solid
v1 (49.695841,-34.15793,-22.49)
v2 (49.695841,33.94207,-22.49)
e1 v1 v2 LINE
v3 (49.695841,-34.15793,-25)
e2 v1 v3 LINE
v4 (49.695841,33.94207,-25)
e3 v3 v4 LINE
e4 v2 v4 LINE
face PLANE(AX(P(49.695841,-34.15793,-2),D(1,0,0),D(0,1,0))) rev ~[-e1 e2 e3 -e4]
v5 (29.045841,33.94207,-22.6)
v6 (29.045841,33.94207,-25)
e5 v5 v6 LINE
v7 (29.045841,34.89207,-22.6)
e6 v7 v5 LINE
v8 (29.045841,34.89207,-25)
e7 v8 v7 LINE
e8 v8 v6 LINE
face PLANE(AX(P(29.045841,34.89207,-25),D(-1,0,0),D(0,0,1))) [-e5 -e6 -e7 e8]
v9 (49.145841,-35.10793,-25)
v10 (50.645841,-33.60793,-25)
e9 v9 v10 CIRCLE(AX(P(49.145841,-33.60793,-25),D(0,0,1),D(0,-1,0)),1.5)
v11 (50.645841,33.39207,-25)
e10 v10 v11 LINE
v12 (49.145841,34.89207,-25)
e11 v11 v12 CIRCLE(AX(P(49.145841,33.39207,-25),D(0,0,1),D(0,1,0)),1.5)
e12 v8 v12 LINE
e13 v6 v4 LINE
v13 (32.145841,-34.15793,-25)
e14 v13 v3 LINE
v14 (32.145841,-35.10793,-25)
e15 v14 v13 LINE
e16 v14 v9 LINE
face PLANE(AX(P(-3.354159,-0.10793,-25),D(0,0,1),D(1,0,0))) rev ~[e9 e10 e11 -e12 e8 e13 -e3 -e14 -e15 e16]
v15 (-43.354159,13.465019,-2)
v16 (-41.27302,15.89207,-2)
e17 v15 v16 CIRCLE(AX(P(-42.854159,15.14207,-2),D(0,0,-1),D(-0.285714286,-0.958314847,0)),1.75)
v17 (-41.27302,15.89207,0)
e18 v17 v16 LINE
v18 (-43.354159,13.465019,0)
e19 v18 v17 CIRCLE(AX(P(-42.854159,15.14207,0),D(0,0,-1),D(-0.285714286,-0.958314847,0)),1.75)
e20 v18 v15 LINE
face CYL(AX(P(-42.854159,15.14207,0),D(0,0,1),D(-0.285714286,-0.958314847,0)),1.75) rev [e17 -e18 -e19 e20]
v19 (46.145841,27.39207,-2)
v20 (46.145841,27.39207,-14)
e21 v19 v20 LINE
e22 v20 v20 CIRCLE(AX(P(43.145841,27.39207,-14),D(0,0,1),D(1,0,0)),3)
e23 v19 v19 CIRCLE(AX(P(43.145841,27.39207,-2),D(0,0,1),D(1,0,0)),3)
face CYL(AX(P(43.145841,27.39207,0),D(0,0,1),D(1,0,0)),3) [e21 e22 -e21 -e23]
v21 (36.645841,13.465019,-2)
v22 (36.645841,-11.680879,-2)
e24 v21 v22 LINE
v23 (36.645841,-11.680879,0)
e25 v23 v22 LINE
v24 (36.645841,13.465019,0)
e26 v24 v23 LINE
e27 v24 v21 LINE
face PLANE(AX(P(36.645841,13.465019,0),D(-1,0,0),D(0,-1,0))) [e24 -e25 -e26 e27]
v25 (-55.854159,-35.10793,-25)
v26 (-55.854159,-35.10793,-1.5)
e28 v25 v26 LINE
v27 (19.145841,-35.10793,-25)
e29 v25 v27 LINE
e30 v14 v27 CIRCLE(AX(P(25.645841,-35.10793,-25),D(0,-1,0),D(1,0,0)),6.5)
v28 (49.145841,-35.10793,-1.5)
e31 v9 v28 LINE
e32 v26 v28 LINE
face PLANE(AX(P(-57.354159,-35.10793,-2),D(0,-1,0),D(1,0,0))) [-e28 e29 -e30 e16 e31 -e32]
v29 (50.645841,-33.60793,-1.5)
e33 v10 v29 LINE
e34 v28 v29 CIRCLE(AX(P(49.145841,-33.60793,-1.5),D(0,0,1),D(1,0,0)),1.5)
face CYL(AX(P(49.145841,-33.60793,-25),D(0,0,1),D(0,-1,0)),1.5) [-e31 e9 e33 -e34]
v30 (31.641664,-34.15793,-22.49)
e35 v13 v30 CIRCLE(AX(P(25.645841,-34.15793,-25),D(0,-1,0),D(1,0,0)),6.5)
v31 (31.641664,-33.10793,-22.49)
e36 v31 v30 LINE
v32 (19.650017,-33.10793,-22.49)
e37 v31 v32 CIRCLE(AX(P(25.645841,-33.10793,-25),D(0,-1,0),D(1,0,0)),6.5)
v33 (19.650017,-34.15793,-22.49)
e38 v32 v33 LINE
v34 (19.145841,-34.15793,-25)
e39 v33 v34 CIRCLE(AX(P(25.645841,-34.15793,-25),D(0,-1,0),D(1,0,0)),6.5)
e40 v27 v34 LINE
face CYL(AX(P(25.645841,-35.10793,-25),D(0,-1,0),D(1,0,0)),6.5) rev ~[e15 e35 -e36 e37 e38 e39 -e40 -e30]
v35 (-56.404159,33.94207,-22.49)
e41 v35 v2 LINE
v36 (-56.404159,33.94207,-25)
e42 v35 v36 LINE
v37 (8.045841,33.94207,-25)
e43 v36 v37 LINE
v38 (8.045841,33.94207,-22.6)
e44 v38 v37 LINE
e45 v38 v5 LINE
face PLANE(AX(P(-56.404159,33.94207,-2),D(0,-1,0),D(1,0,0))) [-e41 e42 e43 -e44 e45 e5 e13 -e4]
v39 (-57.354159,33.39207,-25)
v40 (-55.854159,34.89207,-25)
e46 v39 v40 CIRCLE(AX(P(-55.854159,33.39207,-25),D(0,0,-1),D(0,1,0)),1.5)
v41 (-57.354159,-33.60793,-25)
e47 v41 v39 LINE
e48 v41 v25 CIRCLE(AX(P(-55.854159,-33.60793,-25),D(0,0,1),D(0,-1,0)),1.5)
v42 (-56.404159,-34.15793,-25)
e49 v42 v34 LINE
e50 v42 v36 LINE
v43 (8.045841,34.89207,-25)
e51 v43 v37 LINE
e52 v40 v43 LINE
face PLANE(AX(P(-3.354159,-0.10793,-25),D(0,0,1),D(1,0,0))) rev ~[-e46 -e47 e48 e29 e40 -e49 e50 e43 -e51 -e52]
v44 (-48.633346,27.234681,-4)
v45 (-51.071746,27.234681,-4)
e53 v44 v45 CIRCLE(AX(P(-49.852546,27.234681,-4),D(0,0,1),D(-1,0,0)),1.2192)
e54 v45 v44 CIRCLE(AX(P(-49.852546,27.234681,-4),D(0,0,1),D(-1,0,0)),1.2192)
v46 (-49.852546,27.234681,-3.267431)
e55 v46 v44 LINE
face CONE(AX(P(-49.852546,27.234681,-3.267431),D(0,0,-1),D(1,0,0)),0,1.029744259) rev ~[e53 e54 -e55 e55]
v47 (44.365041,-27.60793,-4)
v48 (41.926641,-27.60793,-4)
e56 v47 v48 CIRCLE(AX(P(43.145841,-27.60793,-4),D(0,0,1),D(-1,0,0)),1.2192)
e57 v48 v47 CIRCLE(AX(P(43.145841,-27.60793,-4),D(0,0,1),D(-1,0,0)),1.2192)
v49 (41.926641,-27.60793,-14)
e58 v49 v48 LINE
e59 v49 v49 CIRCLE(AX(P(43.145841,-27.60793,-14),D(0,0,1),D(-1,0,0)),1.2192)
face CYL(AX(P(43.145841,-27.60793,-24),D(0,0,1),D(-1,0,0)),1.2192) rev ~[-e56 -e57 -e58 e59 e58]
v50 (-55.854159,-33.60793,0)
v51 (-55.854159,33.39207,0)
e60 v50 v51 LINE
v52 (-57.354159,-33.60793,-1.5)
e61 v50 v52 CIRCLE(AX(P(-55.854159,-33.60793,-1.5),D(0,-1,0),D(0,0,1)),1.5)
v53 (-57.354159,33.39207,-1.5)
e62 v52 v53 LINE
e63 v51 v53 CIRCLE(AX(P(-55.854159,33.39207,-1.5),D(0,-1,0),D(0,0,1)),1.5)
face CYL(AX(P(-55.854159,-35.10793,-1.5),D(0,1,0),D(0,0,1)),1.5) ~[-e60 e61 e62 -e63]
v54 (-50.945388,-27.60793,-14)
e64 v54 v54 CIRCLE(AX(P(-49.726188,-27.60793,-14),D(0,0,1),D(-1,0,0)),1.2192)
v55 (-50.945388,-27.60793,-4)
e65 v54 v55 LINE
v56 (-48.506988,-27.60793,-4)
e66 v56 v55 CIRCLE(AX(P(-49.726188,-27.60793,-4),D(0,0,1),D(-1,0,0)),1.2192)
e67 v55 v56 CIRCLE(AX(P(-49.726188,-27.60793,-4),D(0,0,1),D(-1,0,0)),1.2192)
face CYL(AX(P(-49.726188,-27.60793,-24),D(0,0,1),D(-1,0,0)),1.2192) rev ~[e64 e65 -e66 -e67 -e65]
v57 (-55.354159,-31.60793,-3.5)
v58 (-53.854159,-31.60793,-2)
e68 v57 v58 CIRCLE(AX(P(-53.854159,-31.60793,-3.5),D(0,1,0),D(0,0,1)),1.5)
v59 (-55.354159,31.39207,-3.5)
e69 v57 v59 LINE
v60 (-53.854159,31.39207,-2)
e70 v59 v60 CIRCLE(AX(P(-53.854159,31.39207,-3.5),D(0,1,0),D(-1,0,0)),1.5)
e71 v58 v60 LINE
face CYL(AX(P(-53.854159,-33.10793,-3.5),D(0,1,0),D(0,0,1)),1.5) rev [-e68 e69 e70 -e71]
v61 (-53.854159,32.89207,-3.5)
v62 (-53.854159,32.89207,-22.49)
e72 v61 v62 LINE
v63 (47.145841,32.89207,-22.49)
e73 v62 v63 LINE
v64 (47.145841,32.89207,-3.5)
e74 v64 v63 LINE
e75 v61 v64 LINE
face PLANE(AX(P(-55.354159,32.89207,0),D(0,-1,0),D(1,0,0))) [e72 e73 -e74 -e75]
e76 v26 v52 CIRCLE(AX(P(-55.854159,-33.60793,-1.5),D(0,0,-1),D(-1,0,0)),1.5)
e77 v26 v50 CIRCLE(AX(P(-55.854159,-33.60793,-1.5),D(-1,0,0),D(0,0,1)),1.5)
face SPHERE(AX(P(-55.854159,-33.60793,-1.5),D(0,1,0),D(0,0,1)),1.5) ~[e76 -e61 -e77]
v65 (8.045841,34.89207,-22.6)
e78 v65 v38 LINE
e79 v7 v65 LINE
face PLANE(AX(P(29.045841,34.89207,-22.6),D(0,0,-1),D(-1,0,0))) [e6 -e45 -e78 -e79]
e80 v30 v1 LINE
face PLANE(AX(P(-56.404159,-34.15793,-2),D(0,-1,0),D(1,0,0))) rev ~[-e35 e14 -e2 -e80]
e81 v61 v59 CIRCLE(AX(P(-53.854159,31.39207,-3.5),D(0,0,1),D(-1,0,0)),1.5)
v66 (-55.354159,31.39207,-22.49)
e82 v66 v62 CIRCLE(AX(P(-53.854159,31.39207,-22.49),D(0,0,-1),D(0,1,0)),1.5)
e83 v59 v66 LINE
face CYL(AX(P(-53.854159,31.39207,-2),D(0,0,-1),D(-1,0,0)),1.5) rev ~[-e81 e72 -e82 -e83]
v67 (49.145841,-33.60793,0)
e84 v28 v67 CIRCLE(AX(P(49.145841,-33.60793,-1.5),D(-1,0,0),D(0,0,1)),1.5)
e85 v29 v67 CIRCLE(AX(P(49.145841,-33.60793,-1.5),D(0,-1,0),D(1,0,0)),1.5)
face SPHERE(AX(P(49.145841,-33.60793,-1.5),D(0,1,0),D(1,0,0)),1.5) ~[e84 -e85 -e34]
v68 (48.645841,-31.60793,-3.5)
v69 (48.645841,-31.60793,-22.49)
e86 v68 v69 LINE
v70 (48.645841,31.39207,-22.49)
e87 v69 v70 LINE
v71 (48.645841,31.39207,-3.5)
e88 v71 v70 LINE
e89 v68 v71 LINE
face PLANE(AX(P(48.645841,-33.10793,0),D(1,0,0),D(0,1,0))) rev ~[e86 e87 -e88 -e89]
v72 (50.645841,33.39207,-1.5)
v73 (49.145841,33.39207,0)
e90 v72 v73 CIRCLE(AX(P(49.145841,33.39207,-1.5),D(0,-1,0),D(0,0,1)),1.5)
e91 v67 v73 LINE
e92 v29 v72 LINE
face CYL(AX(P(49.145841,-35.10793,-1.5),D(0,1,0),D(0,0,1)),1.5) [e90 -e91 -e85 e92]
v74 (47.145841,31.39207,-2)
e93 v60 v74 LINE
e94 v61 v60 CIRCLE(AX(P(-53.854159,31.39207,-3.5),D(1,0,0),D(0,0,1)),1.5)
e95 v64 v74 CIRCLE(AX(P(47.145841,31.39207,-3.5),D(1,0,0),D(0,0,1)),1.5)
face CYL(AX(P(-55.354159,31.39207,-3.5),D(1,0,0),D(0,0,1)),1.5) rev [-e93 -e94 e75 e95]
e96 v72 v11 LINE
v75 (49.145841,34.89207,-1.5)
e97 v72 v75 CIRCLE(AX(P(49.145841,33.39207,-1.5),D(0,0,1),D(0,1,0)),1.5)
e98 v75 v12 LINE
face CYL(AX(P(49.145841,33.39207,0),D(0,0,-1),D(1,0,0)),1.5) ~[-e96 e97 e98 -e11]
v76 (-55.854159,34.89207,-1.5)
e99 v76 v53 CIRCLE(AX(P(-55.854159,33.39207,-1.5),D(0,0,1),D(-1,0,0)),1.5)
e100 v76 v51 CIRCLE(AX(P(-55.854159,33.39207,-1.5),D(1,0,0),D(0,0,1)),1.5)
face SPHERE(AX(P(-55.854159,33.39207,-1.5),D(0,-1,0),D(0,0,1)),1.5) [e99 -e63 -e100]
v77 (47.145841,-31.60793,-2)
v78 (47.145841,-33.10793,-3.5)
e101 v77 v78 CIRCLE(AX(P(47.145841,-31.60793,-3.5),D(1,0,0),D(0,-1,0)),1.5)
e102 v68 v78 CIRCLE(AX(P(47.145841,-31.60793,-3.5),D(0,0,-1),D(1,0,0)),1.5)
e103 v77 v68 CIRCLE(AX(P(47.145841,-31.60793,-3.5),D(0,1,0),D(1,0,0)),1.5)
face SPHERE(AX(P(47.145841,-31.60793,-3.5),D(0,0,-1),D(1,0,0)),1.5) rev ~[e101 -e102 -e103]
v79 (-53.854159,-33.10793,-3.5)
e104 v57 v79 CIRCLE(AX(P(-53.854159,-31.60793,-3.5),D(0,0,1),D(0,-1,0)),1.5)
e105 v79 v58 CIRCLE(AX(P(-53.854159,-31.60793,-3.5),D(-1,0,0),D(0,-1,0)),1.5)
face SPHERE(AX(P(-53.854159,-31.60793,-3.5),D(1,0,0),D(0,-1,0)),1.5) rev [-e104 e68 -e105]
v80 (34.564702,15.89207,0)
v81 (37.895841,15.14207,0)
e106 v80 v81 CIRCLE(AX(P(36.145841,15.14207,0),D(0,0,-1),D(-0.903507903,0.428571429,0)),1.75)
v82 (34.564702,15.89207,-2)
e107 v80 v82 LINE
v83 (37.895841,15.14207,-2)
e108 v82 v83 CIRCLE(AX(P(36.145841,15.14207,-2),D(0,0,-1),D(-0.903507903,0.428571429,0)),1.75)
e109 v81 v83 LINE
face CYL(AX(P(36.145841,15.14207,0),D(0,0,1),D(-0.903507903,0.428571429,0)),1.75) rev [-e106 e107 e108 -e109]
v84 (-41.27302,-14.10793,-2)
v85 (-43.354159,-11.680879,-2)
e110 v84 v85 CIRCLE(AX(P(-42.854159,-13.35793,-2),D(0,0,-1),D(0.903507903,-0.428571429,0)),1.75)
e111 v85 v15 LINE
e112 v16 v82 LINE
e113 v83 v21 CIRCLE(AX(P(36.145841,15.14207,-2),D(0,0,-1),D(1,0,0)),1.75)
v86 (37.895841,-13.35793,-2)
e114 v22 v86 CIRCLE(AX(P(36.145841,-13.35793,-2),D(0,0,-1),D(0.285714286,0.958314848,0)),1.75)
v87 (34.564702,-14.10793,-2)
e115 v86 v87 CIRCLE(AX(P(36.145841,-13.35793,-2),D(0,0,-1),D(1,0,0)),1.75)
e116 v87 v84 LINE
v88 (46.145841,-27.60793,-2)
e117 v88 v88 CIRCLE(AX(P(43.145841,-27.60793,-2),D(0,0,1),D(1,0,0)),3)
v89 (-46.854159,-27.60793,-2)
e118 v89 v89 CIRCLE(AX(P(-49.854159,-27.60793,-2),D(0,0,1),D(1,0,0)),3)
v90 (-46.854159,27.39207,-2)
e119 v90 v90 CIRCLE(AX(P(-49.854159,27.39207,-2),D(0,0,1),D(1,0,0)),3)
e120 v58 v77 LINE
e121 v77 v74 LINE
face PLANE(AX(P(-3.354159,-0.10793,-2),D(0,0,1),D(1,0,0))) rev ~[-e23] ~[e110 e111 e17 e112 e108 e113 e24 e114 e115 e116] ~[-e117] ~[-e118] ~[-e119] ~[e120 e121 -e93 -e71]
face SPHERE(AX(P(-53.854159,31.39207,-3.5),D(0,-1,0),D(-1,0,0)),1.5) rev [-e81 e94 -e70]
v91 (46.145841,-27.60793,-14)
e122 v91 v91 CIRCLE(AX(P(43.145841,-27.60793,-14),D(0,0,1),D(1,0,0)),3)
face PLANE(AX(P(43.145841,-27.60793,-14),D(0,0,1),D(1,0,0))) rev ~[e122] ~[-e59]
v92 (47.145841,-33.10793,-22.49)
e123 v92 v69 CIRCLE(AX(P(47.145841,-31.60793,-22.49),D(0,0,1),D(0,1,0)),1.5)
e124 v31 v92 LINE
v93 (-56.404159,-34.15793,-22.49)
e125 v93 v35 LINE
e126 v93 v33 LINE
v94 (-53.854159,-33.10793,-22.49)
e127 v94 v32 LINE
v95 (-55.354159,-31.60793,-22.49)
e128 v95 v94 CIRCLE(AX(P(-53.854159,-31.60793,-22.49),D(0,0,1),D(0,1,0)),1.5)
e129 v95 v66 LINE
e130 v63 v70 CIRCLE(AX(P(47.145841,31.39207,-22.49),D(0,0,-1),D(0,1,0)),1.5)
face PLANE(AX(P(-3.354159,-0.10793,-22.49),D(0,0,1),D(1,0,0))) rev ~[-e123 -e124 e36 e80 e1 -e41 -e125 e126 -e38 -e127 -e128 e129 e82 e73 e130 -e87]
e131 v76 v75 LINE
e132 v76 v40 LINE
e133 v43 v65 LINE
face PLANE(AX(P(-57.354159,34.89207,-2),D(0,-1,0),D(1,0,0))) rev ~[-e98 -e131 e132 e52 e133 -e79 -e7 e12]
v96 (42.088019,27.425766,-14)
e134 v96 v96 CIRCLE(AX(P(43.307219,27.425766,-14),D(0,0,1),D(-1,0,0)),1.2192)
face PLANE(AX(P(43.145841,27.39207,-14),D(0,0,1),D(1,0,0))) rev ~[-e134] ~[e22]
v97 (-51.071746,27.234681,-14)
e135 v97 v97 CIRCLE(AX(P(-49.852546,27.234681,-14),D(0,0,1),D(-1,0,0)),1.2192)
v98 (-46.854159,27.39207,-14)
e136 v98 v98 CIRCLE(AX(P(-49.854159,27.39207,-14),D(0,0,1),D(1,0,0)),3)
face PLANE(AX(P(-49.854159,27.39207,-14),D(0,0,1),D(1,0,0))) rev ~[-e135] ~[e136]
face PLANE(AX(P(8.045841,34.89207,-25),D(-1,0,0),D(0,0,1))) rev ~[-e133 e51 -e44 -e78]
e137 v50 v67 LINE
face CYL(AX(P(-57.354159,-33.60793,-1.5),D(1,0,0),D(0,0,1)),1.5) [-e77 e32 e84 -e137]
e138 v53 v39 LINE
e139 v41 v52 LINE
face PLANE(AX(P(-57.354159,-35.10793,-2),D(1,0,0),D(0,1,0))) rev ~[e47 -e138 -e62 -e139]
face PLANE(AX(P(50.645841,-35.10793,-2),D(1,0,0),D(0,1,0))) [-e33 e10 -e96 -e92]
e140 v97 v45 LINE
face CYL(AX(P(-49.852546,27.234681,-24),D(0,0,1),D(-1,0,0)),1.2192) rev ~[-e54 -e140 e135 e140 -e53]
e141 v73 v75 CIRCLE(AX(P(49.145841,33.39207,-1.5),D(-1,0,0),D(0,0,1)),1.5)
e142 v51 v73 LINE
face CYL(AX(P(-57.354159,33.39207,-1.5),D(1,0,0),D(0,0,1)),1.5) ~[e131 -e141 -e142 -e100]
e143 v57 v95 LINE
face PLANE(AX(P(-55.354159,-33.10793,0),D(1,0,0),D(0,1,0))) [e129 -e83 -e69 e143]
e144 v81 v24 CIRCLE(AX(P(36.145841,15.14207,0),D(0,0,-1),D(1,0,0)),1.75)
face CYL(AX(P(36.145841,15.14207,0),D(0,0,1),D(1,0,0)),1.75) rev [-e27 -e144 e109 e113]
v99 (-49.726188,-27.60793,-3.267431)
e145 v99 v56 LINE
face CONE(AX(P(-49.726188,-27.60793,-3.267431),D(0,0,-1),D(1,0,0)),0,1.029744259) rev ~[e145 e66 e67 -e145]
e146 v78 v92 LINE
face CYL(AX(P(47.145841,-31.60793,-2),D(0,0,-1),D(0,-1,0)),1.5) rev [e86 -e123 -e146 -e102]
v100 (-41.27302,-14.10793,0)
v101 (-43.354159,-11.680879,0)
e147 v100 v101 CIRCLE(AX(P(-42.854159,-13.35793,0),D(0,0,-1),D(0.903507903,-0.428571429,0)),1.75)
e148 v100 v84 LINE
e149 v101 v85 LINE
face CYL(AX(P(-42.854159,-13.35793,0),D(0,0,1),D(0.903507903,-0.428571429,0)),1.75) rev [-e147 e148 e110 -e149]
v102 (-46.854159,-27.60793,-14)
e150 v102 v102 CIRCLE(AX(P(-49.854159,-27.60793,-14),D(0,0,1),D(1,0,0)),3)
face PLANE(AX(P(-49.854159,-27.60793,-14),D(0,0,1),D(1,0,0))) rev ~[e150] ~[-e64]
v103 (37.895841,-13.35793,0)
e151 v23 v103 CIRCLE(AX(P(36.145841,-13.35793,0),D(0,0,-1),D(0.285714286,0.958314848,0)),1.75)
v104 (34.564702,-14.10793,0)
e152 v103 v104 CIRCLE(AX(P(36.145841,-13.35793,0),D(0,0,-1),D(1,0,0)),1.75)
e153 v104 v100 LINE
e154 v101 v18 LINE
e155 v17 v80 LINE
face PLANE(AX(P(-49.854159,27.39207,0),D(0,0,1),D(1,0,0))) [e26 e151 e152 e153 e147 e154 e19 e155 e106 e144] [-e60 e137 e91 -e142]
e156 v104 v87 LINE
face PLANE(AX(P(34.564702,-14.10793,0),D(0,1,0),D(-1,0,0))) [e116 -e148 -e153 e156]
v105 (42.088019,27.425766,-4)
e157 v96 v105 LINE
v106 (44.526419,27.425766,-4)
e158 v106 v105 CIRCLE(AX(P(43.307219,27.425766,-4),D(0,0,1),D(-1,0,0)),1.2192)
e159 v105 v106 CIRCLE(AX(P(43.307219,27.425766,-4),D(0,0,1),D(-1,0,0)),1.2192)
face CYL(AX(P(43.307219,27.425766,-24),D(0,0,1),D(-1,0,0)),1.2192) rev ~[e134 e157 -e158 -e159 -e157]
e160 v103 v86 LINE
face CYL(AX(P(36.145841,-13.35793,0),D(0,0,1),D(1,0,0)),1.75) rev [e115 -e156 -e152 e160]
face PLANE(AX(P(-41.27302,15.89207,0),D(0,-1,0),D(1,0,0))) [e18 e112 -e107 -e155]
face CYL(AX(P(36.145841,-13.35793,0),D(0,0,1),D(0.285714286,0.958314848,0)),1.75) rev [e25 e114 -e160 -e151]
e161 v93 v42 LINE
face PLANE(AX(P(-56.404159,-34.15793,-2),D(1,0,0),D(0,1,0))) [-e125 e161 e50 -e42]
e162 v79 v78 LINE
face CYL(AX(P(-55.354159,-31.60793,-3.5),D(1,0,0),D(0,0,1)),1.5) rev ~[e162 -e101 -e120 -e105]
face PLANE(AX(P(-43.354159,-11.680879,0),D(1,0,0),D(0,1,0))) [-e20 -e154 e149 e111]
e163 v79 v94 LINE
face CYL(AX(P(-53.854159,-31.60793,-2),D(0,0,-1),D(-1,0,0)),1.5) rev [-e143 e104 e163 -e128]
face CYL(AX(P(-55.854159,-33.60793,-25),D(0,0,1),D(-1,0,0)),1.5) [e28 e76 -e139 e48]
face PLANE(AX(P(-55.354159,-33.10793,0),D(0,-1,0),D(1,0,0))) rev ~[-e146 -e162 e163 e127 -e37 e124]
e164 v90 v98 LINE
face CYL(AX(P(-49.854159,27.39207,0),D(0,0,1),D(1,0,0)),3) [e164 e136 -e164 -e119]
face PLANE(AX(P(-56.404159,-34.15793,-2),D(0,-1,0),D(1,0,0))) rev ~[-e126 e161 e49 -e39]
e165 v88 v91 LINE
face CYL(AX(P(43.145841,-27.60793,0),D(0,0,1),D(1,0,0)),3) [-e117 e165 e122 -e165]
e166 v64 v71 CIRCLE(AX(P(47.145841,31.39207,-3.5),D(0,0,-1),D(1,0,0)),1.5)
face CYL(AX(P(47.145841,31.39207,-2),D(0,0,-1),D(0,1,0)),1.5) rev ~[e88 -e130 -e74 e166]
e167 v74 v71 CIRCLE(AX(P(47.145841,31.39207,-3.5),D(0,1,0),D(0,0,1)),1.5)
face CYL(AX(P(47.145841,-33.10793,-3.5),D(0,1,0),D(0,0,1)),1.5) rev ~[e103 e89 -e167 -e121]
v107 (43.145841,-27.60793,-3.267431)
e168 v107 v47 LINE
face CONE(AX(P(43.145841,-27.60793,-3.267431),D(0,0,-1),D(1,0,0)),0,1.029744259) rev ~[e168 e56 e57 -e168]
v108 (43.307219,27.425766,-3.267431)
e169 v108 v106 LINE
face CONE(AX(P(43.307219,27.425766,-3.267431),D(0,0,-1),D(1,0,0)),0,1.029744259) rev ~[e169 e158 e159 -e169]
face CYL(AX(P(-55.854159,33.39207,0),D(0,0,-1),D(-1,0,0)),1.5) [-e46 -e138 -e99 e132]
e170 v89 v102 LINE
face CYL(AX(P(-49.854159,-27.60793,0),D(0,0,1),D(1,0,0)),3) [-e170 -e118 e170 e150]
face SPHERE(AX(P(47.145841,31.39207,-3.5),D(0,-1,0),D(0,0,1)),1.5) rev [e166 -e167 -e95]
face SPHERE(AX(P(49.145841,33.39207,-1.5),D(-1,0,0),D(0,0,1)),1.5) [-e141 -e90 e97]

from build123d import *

# Parameters (mm, degrees)
F0_W      = 108
F0_H      = 70
F0_W_2    = 106.1
F0_H_2    = 68.1
F0_W_3    = 104
F0_H_3    = 66
F0_R      = 3
F1_DEPTH  = 2
F2_DEPTH  = 22.49
F3_DEPTH  = 23
F4_DEPTH  = 14
F6_DEPTH  = 2.5
F7_W      = 21
F7_H      = 2.4
F8_DEPTH  = 2.5
F10_D     = 2.4384
F10_DEPTH = 10
F10_TIP   = 0.7325692667
F11_R     = 1.5
F12_R     = 1.5


with BuildPart() as f1:
    # F0 (on Top) → F1 (new body)
    with BuildSketch(Plane.XY):
        with Locations((-3.3541592062, -0.1079301417)):
            Rectangle(F0_W, F0_H)
        with Locations((-3.3541592062, -0.1079301417)):
            Rectangle(F0_W_2, F0_H_2, mode=Mode.SUBTRACT)
        with Locations((-3.3541592062, -0.1079301417)):
            Rectangle(F0_W_2, F0_H_2)
        with Locations((-3.3541592062, -0.1079301417)):
            Rectangle(F0_W_3, F0_H_3, mode=Mode.SUBTRACT)
        with Locations((-3.3541592062, -0.1079301417)):
            Rectangle(F0_W_3, F0_H_3)
        with Locations((-49.8541592062, -27.6079301417)):
            Circle(F0_R, mode=Mode.SUBTRACT)
        with Locations((43.1458407938, -27.6079301417)):
            Circle(F0_R, mode=Mode.SUBTRACT)
        with Locations((-49.8541592062, 27.3920698583)):
            Circle(F0_R, mode=Mode.SUBTRACT)
        with BuildLine():
            ThreePointArc((-43.3541592062, 13.4650188752), (-44.1826393193, 16.2812101433), (-41.2730203761, 15.8920698583))
            Line((-41.2730203761, 15.8920698583), (34.5647019638, 15.8920698583))
            ThreePointArc((34.5647019638, 15.8920698583), (36.5302279992, 16.8493327192), (37.8958407938, 15.1420698583))
            ThreePointArc((37.8958407938, 15.1420698583), (37.5489623139, 14.0962448251), (36.6458407938, 13.4650188752))
            Line((36.6458407938, 13.4650188752), (36.6458407938, -11.6808791586))
            ThreePointArc((36.6458407938, -11.6808791586), (37.5489623139, -12.3121051085), (37.8958407938, -13.3579301417))
            ThreePointArc((37.8958407938, -13.3579301417), (36.5302279992, -15.0651930026), (34.5647019638, -14.1079301417))
            Line((34.5647019638, -14.1079301417), (-41.2730203761, -14.1079301417))
            ThreePointArc((-41.2730203761, -14.1079301417), (-44.1826393193, -14.4970704267), (-43.3541592062, -11.6808791586))
            Line((-43.3541592062, -11.6808791586), (-43.3541592062, 13.4650188752))
        make_face(mode=Mode.SUBTRACT)
        with Locations((43.1458407938, 27.3920698583)):
            Circle(F0_R, mode=Mode.SUBTRACT)
        with Locations((-49.8541592062, 27.3920698583)):
            Circle(F0_R)
        with Locations((43.1458407938, 27.3920698583)):
            Circle(F0_R)
        with Locations((43.1458407938, -27.6079301417)):
            Circle(F0_R)
        with Locations((-49.8541592062, -27.6079301417)):
            Circle(F0_R)
    extrude(amount=-F1_DEPTH)

    # F0 (on Top) → F2 (join)
    with BuildSketch(Plane.XY):
        with Locations((-3.3541592062, -0.1079301417)):
            Rectangle(F0_W_2, F0_H_2)
        with Locations((-3.3541592062, -0.1079301417)):
            Rectangle(F0_W_3, F0_H_3, mode=Mode.SUBTRACT)
    extrude(amount=-F2_DEPTH)

    # F3 (add): a face of the model
    f3_faces = [f1.faces().sort_by_distance(p)[0] for p in [
        (50.5171395895, -0.1079301417, -2),
    ]]
    extrude(f3_faces, amount=F3_DEPTH)

    # F0 (on Top) → F4 (join)
    with BuildSketch(Plane.XY):
        with Locations((-49.8541592062, 27.3920698583)):
            Circle(F0_R)
        with Locations((43.1458407938, 27.3920698583)):
            Circle(F0_R)
        with Locations((-49.8541592062, -27.6079301417)):
            Circle(F0_R)
        with Locations((43.1458407938, -27.6079301417)):
            Circle(F0_R)
    extrude(amount=-F4_DEPTH)

    # F5 (on face) → F6 (cut)
    with BuildSketch(Plane.XZ.offset(35.1079301417)):
        with BuildLine():
            Line((19.1458407938, -25), (32.1458407938, -25))
            ThreePointArc((32.1458407938, -25), (25.6458407938, -18.5), (19.1458407938, -25))
        make_face()
    extrude(amount=-F6_DEPTH, mode=Mode.SUBTRACT)

    # F7 (on face) → F8 (cut)
    with BuildSketch(Plane(origin=(0, 34.8920698583, 0), x_dir=(-1, 0, 0), z_dir=(0, 1, 0))):
        with Locations((-18.5458407938, -23.8)):
            Rectangle(F7_W, F7_H)
    extrude(amount=-F8_DEPTH, mode=Mode.SUBTRACT)

    # F10
    with Locations(Plane(origin=(0, 0, -14), x_dir=(1, 0, 0), z_dir=(0, 0, -1))):
        with Locations((-49.8525463045, -27.2346809506), (43.3072187006, -27.4257659912), (43.1458407938, 27.6079301417), (-49.7261881828, 27.6079301417)):
            Hole(F10_D / 2, depth=F10_DEPTH)
            with Locations((0, 0, -(F10_DEPTH + F10_TIP / 2))):  # 118° drill point
                Cone(0, F10_D / 2, F10_TIP, mode=Mode.SUBTRACT)

    # F11
    f11_edges = [f1.edges().sort_by_distance(p)[0] for p in [
        (-57.354159, -0.10793, 0),
        (-3.354159, 34.89207, 0),
        (50.645841, -0.10793, 0),
        (50.645841, -35.10793, -12.5),
        (-3.354159, -35.10793, 0),
        (-57.354159, -35.10793, -12.5),
        (50.645841, 34.89207, -12.5),
        (-57.354159, 34.89207, -12.5),
    ]]
    fillet(f11_edges, radius=F11_R)

    # F12
    f12_edges = [f1.edges().sort_by_distance(p)[0] for p in [
        (48.645841, -33.10793, -12.245),
        (48.645841, -0.10793, -2),
        (-3.354159, -33.10793, -2),
        (-55.354159, -33.10793, -12.245),
        (-55.354159, -0.10793, -2),
        (-55.354159, 32.89207, -12.245),
        (-3.354159, 32.89207, -2),
        (48.645841, 32.89207, -12.245),
    ]]
    fillet(f12_edges, radius=F12_R)


solid = f1.part
